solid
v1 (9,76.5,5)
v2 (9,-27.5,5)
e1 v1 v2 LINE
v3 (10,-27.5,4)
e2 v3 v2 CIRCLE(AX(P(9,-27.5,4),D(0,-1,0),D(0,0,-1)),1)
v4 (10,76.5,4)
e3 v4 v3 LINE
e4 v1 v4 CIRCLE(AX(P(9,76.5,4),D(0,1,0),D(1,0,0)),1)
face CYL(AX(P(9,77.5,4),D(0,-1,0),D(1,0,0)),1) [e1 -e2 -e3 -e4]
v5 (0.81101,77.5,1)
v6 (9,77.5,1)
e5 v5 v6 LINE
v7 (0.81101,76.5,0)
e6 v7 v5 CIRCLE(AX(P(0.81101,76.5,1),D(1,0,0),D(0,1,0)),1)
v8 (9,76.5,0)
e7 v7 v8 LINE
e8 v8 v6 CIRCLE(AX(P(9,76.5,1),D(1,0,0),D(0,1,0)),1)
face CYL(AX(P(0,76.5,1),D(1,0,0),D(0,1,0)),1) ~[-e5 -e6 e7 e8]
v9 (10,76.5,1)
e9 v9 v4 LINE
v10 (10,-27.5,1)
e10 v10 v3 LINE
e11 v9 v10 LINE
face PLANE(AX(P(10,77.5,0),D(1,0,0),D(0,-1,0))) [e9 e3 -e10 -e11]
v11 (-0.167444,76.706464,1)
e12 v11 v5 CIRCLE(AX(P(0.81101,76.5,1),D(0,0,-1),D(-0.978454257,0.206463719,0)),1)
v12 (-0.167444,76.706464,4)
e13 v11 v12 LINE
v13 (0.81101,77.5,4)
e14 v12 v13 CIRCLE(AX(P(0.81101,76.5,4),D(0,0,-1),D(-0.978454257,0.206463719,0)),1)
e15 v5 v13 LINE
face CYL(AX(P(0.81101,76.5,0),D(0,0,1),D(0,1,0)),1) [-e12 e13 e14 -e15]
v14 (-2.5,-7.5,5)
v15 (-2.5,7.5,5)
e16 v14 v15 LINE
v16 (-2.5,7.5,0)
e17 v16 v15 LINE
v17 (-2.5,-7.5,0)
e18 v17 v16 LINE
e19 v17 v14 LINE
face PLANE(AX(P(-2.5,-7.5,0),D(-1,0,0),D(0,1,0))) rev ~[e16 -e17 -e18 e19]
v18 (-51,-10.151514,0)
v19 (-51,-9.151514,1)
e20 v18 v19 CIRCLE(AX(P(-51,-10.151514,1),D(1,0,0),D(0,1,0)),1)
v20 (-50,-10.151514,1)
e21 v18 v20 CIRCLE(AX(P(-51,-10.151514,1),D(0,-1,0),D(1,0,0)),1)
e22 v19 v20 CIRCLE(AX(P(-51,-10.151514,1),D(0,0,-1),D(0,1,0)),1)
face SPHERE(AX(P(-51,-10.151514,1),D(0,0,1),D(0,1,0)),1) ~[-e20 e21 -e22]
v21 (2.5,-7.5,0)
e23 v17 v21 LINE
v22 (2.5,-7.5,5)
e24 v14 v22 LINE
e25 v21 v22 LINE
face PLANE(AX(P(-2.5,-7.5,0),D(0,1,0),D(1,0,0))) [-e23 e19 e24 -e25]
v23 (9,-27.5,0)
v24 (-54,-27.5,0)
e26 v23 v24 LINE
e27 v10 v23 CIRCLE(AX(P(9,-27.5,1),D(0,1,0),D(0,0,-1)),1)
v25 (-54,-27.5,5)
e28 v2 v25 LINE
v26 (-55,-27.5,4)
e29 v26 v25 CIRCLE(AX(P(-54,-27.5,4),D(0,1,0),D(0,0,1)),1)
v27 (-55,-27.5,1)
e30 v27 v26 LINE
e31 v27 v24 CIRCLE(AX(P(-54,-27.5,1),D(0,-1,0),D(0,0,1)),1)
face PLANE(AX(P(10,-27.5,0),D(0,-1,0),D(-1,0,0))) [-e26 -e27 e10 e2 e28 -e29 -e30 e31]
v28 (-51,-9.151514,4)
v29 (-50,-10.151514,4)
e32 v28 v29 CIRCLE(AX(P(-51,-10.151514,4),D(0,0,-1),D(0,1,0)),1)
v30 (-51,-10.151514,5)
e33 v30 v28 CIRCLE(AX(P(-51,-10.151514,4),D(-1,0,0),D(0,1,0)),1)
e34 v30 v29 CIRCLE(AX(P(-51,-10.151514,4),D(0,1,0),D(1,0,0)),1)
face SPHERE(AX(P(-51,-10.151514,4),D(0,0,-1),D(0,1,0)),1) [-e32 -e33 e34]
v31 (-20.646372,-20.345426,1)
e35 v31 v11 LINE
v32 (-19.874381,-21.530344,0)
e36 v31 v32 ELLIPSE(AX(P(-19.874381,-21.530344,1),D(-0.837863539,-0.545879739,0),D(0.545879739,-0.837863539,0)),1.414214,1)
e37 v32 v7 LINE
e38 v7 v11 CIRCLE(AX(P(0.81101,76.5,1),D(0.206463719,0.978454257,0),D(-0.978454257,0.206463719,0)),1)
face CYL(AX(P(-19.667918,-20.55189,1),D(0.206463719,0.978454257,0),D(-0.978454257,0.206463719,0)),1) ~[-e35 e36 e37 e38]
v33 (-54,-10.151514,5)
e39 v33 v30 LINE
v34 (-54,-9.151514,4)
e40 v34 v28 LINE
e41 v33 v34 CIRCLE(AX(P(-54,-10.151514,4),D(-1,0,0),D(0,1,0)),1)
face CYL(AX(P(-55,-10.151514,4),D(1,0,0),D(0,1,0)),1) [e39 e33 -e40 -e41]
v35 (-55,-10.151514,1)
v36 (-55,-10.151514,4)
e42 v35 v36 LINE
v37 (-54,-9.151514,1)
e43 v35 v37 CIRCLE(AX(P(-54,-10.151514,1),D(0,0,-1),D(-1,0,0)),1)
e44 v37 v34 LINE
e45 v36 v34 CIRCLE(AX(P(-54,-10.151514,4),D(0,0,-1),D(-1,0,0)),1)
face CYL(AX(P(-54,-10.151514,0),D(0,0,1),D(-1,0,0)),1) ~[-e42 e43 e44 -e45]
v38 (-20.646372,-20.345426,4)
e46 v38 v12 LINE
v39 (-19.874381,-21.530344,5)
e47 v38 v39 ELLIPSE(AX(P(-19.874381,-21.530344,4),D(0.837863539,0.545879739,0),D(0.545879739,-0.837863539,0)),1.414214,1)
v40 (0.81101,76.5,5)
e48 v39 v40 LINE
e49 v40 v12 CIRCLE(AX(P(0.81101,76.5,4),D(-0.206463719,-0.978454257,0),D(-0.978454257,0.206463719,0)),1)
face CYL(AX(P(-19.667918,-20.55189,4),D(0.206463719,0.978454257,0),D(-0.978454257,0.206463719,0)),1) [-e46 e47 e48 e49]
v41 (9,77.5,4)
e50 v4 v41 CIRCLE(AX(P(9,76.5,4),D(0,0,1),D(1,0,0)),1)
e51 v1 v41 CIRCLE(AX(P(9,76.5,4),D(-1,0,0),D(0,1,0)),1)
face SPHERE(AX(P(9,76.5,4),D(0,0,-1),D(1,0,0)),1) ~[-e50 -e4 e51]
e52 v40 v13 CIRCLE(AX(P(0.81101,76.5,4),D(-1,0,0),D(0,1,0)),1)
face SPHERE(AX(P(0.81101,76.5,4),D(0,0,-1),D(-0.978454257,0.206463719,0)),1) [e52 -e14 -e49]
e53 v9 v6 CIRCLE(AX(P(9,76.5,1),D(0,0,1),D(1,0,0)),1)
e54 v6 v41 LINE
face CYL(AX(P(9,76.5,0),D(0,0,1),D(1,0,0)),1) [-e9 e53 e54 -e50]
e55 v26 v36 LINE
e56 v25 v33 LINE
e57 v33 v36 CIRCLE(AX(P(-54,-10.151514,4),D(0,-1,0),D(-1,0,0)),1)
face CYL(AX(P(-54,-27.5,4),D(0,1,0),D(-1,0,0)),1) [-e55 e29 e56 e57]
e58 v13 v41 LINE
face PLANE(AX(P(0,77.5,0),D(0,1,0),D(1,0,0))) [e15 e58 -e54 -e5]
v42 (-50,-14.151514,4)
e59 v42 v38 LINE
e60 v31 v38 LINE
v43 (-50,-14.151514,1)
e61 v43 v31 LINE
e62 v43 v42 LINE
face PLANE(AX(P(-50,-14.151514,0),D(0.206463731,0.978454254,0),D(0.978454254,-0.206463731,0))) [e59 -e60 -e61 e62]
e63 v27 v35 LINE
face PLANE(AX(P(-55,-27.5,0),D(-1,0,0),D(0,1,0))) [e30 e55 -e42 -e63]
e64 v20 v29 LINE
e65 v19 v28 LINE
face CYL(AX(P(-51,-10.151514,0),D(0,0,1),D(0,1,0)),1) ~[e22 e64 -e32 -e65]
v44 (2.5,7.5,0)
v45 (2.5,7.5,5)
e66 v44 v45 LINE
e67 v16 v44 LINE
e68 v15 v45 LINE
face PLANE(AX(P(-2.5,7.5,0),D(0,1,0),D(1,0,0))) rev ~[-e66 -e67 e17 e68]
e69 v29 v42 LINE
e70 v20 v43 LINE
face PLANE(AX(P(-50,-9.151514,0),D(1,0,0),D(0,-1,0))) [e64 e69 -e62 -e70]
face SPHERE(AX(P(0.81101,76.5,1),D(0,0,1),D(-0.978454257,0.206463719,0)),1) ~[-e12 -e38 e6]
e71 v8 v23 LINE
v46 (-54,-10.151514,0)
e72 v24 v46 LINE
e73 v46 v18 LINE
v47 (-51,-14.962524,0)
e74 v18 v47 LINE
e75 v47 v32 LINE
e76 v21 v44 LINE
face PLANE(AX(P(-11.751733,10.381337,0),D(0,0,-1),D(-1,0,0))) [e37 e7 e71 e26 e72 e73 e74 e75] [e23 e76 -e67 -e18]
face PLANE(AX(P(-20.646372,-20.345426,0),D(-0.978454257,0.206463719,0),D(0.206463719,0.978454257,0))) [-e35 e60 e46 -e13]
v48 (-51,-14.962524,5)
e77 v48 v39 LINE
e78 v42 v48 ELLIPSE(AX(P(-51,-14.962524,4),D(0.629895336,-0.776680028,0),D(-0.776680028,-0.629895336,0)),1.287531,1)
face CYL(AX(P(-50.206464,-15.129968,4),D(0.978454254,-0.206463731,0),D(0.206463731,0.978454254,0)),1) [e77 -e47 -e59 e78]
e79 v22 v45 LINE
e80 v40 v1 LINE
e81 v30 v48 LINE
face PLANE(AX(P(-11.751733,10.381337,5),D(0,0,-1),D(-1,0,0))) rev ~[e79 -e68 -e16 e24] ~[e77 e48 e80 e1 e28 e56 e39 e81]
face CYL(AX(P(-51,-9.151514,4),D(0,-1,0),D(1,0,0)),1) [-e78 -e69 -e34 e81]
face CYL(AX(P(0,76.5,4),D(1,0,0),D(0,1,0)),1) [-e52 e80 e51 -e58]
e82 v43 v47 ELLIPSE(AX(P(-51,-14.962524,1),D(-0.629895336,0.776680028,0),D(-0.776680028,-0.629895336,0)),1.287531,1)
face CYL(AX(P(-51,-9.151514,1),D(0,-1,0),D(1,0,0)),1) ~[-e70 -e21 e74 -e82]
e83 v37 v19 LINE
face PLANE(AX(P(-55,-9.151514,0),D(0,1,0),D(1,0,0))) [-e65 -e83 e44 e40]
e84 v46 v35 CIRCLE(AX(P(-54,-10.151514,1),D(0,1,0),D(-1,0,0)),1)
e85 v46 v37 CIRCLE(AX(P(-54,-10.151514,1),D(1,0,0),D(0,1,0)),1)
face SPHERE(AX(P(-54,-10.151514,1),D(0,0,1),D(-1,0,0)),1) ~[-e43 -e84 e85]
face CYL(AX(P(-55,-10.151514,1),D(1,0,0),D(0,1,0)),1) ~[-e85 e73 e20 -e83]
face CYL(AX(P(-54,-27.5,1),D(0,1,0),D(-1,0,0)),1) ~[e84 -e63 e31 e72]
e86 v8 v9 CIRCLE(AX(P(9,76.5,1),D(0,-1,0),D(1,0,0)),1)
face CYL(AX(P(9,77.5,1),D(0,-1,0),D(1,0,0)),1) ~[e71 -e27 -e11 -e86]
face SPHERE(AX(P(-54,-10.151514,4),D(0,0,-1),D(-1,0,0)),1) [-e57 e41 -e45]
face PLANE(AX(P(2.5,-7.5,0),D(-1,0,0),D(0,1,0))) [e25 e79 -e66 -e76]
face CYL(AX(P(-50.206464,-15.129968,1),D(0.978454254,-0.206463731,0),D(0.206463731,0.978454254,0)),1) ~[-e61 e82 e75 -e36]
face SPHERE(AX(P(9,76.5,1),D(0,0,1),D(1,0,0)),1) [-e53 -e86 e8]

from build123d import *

# Parameters (mm, degrees)
SKETCH_W      = 5
SKETCH_H      = 15
EXTRUDE_DEPTH = 5
FILLET_R      = 1


with BuildPart() as part:
    # Sketch → Extrude (new body)
    with BuildSketch(Plane.XY):
        Polygon((10, 77.5), (10, -27.5), (-55, -27.5), (-55, -9.151514), (-50, -9.151514), (-50, -14.151514), (-20.646372, -20.345426), (0, 77.5), align=None)
        Rectangle(SKETCH_W, SKETCH_H, mode=Mode.SUBTRACT)
    extrude(amount=EXTRUDE_DEPTH)

    # Fillet
    fillet_edges = [part.edges().sort_by_distance(p)[0] for p in [
        (10, 77.5, 2.5),
        (10, 25, 0),
        (10, 25, 5),
        (-55, -9.151514, 2.5),
        (-55, -18.325757, 0),
        (-55, -18.325757, 5),
        (-50, -9.151514, 2.5),
        (-52.5, -9.151514, 0),
        (-52.5, -9.151514, 5),
        (-50, -11.651514, 0),
        (-50, -11.651514, 5),
        (-35.323186, -17.24847, 0),
        (-35.323186, -17.24847, 5),
        (0, 77.5, 2.5),
        (-10.323186, 28.577287, 0),
        (-10.323186, 28.577287, 5),
        (5, 77.5, 0),
        (5, 77.5, 5),
    ]]
    fillet(fillet_edges, radius=FILLET_R)


solid = part.part
